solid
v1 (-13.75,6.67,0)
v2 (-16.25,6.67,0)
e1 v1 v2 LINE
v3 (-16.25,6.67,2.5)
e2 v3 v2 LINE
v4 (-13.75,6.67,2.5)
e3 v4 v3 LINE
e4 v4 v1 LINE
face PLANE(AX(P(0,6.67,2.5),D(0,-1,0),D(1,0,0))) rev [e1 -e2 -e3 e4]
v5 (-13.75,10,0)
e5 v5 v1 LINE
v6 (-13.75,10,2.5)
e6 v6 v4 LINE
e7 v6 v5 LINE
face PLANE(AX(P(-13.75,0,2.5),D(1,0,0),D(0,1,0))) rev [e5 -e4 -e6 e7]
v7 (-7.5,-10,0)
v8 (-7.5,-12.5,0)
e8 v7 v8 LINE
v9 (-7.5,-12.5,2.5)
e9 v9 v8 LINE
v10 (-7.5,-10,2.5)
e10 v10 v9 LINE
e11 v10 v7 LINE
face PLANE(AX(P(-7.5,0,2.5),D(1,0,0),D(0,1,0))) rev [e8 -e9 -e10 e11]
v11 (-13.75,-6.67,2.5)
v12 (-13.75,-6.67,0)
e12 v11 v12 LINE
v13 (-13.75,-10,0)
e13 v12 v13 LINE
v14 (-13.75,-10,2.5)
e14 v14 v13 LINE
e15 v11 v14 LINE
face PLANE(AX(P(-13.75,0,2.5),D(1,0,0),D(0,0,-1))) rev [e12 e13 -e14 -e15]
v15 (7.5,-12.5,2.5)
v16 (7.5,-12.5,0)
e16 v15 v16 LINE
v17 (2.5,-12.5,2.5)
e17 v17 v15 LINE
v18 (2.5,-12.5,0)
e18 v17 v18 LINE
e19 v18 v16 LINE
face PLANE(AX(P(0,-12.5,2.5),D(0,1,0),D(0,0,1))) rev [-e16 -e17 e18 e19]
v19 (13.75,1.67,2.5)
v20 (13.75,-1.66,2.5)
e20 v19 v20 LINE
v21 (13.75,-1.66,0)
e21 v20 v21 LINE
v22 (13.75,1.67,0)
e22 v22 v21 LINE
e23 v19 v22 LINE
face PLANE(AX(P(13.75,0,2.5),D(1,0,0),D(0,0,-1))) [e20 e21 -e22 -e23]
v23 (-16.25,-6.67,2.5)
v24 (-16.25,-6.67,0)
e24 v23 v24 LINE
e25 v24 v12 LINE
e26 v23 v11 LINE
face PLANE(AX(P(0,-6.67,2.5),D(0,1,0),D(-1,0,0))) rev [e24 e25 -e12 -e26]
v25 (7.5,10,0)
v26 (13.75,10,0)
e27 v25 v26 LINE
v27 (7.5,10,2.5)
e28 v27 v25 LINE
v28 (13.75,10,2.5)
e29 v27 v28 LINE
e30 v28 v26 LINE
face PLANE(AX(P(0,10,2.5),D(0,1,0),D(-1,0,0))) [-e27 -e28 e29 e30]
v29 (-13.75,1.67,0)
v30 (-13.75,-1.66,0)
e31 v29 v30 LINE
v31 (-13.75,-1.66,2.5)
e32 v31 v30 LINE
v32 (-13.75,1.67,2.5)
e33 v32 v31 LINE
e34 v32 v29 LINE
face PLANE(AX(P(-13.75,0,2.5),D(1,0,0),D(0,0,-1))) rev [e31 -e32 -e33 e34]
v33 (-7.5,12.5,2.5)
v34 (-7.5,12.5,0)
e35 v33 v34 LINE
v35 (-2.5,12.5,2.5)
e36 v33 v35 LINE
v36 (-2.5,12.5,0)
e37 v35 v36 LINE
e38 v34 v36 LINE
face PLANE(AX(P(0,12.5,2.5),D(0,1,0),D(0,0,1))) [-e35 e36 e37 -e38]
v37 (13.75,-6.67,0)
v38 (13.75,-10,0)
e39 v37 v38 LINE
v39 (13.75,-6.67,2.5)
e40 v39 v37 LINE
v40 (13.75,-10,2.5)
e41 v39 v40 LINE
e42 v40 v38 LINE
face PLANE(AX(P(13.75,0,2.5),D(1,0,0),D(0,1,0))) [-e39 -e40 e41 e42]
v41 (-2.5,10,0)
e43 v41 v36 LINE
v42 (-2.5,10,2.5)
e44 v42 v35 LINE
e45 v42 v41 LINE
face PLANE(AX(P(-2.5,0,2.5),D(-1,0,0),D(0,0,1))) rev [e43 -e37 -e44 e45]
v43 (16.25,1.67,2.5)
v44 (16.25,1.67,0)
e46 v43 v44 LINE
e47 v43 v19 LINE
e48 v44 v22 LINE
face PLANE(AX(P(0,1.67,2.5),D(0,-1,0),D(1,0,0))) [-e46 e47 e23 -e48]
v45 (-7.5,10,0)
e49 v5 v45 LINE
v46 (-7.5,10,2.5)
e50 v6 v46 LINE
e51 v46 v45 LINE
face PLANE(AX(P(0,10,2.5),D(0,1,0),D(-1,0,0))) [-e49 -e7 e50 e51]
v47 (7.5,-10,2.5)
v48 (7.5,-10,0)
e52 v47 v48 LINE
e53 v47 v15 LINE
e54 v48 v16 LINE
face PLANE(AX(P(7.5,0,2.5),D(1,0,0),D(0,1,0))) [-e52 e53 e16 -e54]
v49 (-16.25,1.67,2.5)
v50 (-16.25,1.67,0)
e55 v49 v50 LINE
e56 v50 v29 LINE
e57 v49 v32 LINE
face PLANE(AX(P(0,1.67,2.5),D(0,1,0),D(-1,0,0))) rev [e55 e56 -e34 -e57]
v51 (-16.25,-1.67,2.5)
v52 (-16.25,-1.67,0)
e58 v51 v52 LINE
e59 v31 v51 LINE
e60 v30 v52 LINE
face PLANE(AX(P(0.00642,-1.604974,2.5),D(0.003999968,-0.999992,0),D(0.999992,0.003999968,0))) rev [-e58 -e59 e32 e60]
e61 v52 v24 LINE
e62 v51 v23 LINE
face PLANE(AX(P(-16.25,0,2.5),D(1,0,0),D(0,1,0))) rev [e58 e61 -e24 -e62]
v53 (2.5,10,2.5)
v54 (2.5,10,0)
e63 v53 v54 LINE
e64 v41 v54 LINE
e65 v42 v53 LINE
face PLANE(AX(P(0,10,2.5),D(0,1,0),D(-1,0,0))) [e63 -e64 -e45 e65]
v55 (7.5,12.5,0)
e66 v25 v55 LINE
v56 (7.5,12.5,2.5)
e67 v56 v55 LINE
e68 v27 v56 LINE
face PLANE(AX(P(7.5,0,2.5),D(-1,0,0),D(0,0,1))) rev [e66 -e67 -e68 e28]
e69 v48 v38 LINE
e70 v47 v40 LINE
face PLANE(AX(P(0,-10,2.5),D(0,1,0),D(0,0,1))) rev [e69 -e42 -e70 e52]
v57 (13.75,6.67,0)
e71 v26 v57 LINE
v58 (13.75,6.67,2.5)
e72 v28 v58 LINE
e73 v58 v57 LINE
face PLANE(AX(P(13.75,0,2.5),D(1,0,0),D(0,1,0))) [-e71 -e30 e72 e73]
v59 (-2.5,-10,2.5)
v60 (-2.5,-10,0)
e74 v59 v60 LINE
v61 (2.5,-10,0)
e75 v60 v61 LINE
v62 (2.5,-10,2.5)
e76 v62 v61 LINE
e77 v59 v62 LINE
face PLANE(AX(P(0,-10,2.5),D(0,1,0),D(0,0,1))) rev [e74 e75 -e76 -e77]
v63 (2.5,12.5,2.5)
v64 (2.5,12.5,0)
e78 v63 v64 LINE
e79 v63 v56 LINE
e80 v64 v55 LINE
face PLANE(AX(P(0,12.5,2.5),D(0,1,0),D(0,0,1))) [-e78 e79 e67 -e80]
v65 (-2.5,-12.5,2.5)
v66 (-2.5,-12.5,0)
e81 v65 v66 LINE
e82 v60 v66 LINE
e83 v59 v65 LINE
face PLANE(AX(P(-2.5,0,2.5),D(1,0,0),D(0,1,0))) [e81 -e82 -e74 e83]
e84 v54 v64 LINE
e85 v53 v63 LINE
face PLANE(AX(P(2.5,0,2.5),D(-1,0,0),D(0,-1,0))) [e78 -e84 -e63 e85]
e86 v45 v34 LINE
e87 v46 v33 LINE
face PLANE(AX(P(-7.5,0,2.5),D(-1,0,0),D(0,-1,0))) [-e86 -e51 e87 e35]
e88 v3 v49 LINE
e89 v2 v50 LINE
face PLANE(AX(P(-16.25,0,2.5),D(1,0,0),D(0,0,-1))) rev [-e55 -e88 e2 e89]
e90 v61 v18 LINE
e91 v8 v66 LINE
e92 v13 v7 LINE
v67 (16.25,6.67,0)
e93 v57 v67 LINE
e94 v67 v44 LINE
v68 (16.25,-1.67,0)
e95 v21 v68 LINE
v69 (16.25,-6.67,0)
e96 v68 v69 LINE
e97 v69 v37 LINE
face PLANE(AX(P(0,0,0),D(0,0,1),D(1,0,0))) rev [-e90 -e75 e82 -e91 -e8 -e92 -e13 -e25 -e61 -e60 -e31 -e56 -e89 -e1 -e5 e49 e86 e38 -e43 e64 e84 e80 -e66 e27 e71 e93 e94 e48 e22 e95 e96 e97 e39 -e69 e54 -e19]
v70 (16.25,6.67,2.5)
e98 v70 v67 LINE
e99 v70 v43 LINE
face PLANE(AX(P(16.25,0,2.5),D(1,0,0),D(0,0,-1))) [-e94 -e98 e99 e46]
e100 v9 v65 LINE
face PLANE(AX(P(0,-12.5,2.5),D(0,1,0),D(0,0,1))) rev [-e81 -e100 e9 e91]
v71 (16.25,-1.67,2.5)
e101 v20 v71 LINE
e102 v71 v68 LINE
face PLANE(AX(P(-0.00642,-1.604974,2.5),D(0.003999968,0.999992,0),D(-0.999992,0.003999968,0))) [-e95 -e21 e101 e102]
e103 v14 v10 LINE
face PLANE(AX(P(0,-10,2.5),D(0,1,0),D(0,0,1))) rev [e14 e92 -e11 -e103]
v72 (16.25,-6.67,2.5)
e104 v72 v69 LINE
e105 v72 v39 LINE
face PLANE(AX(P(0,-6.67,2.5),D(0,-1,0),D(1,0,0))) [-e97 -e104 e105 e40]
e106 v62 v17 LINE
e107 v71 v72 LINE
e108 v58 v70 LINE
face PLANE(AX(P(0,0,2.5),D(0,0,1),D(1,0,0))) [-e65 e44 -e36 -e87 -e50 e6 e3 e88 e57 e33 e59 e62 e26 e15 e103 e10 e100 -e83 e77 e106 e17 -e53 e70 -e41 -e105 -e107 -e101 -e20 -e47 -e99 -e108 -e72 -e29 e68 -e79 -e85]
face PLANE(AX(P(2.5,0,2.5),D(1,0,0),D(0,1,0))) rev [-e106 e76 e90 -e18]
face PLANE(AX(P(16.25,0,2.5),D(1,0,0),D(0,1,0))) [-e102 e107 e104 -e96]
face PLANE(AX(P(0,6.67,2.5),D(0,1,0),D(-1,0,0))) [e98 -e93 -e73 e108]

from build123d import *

# Parameters (mm, degrees)
BOSS_EXTRUDE1_DEPTH = 2.5


with BuildPart() as part:
    # Sketch1 → Boss-Extrude1 (new body)
    with BuildSketch(Plane.XY):
        Polygon((-2.5, -12.5), (-2.5, -10), (2.5, -10), (2.5, -12.5), (7.5, -12.5), (7.5, -10), (13.75, -10), (13.75, -6.67), (16.25, -6.67), (16.25, -1.67), (13.75, -1.66), (13.75, 1.67), (16.25, 1.67), (16.25, 6.67), (13.75, 6.67), (13.75, 10), (7.5, 10), (7.5, 12.5), (2.5, 12.5), (2.5, 10), (-2.5, 10), (-2.5, 12.5), (-7.5, 12.5), (-7.5, 10), (-13.75, 10), (-13.75, 6.67), (-16.25, 6.67), (-16.25, 1.67), (-13.75, 1.67), (-13.75, -1.66), (-16.25, -1.67), (-16.25, -6.67), (-13.75, -6.67), (-13.75, -10), (-7.5, -10), (-7.5, -12.5), align=None)
    extrude(amount=BOSS_EXTRUDE1_DEPTH)


solid = part.part
